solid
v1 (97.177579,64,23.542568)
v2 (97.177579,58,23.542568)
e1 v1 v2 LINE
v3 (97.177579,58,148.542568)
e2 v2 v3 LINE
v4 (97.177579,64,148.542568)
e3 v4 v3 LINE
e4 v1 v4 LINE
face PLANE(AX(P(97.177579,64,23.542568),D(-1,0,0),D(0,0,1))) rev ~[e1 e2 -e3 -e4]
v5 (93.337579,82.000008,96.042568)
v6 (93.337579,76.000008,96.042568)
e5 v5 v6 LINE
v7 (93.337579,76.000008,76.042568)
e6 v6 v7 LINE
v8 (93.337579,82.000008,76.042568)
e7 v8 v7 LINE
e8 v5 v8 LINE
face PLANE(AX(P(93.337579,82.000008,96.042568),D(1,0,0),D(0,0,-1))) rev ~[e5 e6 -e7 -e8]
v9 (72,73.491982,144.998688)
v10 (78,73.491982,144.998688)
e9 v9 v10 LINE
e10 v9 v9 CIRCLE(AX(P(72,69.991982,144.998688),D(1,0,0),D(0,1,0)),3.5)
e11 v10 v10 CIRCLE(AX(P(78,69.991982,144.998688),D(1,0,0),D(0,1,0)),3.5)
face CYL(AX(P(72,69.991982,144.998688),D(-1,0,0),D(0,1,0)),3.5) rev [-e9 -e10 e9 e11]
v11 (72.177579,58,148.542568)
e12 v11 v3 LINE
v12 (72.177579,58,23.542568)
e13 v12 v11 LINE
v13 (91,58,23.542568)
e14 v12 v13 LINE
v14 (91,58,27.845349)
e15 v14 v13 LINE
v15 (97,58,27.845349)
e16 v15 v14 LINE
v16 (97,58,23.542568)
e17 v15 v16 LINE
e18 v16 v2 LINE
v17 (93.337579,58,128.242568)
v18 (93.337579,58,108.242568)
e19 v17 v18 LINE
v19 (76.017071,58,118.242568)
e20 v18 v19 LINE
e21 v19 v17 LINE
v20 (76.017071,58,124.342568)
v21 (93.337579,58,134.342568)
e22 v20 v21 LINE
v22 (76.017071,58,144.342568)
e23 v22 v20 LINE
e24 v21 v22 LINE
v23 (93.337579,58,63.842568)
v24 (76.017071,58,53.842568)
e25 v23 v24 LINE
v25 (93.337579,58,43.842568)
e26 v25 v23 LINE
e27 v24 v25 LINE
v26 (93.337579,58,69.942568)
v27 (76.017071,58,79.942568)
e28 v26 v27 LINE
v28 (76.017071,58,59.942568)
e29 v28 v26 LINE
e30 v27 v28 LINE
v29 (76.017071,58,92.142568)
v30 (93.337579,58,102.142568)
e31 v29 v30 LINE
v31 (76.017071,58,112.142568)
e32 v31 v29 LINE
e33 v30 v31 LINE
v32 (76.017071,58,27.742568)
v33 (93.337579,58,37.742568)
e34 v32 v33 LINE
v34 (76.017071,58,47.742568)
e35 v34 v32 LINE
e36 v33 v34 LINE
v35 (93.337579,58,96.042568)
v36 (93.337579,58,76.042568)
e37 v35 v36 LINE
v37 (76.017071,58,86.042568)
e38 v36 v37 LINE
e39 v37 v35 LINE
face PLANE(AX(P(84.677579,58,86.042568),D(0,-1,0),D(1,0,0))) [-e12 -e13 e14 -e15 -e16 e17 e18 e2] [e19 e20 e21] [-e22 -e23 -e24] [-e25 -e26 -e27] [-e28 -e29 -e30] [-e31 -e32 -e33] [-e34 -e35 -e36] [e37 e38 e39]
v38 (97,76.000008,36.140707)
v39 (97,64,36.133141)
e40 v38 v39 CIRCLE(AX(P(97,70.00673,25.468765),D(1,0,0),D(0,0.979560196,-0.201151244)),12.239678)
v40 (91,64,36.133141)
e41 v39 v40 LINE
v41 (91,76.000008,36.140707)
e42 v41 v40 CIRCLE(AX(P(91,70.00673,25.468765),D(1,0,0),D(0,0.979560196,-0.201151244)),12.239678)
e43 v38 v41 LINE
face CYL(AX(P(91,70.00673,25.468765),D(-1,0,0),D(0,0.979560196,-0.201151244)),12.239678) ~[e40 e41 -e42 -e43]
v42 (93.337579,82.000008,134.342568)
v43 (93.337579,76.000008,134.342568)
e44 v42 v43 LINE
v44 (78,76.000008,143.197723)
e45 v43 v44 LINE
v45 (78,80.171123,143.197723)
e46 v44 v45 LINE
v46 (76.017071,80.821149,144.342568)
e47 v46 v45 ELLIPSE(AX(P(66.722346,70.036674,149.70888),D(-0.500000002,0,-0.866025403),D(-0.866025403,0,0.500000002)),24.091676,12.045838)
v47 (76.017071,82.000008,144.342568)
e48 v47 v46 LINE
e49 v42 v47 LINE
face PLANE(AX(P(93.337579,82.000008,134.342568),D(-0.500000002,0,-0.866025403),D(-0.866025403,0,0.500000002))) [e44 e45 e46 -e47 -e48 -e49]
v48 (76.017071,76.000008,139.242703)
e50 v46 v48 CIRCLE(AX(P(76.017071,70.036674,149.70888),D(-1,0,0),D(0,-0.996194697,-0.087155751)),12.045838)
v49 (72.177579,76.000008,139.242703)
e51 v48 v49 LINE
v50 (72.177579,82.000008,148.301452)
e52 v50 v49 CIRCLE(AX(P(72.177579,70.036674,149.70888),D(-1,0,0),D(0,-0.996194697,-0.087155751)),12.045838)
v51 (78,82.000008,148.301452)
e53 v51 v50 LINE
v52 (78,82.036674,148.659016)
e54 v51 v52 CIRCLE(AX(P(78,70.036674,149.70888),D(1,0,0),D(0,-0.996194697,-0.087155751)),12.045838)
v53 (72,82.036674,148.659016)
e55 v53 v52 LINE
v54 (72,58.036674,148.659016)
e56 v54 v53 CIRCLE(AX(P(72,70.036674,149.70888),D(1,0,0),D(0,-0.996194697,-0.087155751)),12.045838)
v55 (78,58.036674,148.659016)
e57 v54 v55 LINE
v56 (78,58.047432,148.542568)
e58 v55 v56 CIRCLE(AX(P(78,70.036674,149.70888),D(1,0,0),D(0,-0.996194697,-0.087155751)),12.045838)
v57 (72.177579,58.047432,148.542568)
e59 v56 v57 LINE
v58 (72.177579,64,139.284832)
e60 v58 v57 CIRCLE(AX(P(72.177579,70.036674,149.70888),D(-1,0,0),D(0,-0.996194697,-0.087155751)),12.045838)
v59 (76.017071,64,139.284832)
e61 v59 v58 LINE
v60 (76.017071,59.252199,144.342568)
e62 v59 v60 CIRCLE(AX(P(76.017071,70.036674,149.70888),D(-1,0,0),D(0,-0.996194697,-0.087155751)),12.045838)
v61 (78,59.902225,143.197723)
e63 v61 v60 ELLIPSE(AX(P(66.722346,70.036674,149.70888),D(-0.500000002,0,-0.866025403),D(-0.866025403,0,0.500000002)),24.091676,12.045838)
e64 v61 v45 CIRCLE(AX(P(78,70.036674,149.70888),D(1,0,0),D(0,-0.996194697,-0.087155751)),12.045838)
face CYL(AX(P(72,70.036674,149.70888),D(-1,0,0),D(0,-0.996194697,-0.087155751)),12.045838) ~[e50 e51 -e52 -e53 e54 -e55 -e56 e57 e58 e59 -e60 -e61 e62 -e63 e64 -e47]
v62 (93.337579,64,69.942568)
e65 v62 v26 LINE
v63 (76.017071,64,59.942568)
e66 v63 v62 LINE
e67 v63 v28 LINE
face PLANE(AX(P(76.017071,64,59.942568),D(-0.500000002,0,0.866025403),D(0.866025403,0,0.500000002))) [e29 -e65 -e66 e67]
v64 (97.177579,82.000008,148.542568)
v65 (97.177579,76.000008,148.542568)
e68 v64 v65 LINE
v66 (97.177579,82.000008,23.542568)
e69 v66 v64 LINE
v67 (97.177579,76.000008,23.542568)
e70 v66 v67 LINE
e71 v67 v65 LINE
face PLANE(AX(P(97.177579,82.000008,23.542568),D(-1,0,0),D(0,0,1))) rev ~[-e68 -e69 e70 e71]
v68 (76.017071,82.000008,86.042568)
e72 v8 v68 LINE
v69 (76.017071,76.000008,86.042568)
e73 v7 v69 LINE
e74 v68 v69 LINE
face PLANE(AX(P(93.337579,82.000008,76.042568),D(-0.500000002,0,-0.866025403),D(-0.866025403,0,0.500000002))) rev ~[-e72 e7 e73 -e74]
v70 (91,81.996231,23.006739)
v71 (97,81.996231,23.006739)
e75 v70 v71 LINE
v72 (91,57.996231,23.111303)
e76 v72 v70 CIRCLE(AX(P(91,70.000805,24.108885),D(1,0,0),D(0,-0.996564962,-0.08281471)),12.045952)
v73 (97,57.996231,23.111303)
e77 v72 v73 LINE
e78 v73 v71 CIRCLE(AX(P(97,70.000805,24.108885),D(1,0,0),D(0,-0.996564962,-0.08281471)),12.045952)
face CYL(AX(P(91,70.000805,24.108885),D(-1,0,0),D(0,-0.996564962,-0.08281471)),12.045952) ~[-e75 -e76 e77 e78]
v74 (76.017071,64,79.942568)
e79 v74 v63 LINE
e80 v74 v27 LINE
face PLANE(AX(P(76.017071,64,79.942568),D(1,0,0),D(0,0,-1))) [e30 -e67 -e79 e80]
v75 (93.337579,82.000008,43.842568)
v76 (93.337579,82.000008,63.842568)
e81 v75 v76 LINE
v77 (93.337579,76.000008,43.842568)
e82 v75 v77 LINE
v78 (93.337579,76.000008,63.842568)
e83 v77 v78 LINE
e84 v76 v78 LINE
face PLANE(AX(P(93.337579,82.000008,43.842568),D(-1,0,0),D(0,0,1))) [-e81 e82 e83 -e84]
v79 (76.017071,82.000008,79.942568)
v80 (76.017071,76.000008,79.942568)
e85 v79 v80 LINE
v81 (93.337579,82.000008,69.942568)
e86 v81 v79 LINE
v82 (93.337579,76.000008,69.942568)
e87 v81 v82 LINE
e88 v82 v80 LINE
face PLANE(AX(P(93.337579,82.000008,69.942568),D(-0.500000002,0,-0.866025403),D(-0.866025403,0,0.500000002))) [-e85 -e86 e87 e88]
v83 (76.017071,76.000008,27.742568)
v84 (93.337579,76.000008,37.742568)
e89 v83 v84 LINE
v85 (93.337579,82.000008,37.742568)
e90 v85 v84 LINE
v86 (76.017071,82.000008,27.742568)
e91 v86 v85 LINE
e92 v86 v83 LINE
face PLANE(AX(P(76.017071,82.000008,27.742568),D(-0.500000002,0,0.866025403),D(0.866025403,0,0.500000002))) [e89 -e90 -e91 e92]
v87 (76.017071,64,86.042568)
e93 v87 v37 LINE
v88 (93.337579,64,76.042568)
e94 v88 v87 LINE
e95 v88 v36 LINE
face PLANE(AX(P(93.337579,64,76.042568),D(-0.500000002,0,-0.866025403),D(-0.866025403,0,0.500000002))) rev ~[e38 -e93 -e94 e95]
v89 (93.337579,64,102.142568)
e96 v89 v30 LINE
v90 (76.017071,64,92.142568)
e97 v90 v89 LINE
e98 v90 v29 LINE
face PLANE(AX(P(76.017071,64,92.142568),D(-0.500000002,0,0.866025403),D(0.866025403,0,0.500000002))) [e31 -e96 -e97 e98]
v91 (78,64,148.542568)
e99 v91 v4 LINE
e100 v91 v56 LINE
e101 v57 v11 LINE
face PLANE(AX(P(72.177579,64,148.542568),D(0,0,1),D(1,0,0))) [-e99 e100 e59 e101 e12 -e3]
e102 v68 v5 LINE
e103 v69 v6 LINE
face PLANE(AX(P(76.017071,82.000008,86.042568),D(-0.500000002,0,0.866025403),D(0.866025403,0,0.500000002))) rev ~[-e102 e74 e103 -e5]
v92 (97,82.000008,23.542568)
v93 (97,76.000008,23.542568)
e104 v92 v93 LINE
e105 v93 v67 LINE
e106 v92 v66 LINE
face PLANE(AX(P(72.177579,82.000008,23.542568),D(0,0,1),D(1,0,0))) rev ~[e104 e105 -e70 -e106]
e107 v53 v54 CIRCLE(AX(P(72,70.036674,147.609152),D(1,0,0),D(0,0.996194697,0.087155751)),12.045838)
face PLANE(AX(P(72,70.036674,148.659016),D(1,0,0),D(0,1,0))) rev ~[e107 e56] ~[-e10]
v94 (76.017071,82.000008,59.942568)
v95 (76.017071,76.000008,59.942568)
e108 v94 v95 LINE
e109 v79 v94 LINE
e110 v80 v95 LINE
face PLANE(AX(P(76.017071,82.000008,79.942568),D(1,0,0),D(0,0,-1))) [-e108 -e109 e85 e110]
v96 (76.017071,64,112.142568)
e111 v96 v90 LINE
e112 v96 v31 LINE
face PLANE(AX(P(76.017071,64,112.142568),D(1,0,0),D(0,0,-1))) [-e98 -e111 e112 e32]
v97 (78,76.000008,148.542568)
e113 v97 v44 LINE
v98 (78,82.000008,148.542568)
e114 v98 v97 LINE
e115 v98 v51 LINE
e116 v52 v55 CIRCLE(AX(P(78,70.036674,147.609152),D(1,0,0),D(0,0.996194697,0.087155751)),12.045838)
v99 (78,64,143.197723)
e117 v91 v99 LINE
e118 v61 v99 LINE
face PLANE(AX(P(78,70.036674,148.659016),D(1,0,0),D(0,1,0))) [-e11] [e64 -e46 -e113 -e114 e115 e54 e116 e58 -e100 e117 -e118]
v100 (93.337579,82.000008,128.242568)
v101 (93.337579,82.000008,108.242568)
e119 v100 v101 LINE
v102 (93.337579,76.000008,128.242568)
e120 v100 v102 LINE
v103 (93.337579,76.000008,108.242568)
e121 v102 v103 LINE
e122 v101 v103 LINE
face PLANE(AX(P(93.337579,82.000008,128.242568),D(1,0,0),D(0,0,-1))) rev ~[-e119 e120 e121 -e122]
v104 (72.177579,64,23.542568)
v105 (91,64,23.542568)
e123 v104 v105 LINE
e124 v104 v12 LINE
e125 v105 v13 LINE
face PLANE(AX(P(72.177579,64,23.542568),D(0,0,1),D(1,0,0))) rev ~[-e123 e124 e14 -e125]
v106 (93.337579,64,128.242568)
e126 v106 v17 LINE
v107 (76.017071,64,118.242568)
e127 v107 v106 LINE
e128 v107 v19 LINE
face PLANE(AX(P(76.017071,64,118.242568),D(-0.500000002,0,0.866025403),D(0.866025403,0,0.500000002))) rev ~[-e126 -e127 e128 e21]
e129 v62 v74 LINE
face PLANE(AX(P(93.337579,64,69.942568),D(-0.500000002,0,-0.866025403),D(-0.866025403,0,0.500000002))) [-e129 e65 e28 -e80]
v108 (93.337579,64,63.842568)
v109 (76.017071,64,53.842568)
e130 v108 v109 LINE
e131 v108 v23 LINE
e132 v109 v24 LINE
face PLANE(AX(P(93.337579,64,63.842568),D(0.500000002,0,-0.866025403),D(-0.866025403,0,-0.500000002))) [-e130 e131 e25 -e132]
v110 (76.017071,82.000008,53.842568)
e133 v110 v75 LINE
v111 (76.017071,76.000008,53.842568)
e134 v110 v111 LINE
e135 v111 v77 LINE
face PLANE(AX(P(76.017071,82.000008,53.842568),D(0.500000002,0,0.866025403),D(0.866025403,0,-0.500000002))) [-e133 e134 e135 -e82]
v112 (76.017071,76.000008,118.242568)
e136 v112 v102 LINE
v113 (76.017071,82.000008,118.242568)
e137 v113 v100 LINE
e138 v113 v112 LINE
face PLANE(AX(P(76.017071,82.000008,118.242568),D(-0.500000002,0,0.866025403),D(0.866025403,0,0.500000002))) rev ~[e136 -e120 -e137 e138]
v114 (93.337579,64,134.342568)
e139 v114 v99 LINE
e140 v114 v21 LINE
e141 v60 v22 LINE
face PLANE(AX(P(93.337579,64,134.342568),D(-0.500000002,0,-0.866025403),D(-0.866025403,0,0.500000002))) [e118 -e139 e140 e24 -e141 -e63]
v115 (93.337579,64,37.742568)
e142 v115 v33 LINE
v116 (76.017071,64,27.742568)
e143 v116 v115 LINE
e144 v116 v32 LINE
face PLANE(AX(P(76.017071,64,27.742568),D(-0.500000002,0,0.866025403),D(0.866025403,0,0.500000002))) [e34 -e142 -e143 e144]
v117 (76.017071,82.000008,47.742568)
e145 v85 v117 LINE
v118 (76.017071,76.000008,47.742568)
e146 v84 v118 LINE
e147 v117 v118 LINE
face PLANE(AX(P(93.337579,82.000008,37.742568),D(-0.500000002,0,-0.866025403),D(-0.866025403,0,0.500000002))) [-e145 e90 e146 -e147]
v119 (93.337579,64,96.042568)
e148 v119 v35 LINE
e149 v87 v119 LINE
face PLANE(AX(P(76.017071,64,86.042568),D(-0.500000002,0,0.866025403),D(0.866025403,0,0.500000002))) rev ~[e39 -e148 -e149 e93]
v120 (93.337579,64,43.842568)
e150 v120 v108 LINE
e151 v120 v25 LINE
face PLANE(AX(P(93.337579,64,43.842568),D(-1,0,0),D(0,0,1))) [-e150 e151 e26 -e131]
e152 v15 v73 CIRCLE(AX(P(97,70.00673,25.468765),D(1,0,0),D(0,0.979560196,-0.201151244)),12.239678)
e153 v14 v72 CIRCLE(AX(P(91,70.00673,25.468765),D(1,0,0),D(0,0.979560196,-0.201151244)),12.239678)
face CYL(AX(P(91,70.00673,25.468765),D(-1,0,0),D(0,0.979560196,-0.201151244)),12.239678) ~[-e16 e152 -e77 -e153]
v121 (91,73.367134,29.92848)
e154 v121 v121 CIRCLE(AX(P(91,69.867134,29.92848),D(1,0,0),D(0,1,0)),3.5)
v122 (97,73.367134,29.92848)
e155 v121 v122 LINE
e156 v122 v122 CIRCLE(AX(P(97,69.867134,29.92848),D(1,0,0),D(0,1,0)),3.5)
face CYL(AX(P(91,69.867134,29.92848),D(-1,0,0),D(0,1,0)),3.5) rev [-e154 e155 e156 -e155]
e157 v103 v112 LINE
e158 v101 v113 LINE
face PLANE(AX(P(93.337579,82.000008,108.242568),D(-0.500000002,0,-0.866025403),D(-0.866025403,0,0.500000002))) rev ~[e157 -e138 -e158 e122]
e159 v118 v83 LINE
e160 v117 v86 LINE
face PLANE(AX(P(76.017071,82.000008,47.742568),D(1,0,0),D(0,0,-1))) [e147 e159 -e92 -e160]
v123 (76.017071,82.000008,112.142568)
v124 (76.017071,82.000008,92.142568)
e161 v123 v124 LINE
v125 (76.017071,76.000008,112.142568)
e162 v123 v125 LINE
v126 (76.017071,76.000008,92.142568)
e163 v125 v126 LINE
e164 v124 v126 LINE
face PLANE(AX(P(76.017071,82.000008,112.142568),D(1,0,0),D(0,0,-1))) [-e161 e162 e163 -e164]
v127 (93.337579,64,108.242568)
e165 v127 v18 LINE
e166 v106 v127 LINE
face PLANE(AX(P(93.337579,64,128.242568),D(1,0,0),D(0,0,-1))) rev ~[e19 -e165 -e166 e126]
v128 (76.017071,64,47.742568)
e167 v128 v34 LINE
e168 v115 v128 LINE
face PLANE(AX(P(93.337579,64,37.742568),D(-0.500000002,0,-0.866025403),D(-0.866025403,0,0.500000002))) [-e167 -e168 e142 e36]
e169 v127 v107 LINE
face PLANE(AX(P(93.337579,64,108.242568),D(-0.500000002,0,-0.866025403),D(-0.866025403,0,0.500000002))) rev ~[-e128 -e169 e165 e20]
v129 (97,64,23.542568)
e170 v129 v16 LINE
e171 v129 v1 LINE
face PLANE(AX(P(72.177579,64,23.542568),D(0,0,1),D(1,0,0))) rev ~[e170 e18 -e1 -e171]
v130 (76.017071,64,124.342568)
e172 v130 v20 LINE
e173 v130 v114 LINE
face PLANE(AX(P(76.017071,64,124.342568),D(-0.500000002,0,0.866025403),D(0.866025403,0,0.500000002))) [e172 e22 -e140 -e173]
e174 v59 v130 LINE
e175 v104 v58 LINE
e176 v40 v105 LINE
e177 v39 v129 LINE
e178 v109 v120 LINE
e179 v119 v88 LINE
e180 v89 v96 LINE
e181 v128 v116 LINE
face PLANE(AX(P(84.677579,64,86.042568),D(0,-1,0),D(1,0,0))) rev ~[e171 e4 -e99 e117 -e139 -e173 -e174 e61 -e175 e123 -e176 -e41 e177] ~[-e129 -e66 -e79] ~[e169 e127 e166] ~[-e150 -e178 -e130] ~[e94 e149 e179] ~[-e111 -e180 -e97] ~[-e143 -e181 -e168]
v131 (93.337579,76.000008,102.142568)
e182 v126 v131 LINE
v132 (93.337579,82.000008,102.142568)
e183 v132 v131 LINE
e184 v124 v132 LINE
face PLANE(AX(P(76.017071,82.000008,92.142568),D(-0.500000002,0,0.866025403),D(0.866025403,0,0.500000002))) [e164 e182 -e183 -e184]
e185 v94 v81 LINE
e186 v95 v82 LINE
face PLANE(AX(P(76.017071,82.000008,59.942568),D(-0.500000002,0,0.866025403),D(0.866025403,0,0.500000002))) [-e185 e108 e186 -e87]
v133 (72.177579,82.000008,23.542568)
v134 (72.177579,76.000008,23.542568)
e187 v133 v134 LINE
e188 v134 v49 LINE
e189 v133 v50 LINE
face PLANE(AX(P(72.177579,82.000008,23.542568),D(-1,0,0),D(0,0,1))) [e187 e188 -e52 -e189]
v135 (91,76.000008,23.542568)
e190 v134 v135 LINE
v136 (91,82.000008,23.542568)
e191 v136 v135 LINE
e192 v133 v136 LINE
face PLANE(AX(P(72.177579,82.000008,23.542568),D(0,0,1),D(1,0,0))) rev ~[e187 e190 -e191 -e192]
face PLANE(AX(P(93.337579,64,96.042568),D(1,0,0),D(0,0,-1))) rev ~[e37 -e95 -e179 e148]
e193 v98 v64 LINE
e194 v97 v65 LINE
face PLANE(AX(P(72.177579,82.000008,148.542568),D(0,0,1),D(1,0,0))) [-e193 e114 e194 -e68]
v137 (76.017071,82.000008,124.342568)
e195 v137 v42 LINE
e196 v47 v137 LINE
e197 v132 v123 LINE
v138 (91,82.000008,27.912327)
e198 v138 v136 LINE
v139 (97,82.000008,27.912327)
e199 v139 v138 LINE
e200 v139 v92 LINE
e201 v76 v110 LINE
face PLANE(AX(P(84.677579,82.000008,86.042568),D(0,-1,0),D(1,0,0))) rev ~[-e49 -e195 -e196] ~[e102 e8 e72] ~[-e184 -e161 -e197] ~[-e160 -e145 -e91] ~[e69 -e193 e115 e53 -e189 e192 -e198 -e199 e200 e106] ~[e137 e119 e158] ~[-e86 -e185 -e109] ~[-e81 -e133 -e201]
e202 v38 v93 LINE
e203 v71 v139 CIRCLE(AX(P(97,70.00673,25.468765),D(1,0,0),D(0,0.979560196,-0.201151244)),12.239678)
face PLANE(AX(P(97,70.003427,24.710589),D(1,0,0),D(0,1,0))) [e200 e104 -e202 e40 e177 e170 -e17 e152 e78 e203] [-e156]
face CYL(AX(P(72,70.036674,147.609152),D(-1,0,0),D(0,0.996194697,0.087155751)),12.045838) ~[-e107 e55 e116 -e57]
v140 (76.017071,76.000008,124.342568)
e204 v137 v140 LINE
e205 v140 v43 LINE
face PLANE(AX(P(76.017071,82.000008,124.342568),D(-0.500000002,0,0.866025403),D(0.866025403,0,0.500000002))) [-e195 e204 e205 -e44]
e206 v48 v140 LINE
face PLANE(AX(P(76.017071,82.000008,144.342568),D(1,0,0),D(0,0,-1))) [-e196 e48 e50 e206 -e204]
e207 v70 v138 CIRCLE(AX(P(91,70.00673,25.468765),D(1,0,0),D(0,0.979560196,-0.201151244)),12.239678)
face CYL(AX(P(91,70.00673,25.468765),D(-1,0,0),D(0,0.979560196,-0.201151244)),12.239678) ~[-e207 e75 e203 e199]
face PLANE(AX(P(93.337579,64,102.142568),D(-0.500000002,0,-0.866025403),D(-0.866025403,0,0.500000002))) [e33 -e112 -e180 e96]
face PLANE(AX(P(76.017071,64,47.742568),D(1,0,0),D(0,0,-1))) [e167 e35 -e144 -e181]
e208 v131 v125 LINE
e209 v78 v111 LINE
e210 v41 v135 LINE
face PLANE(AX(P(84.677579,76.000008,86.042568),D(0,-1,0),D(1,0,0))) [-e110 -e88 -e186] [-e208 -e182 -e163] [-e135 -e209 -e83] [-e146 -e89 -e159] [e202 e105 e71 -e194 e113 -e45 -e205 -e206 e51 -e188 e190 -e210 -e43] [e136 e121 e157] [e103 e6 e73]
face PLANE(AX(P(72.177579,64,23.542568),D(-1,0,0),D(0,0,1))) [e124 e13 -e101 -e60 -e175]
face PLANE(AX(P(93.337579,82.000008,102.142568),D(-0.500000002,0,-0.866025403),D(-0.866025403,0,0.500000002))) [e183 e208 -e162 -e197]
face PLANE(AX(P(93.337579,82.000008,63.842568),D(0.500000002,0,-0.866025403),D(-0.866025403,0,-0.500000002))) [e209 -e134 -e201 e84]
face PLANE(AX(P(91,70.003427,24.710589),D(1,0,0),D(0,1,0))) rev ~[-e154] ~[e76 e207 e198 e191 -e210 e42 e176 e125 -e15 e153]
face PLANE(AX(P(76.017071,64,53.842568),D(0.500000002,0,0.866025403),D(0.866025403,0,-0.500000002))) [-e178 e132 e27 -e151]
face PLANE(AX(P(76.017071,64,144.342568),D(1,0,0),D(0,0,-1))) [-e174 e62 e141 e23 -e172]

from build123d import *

# Parameters (mm, degrees)
SKETCH019_R      = 3.5
EXTRUDE018_DEPTH = 6
SKETCH018_W      = 25
SKETCH018_H      = 125
EXTRUDE017_DEPTH = 6
SKETCH020_R      = 3.5
EXTRUDE019_DEPTH = 6


with BuildPart() as union_parte_arriba:
    # Sketch019 → Extrude018 (new body)
    with BuildSketch(Plane.YZ):
        with BuildLine():
            ThreePointArc((82.036674, 148.659016), (70.036674, 159.65499), (58.036674, 148.659016))
            ThreePointArc((58.036674, 148.659016), (70.036674, 137.663042), (82.036674, 148.659016))
        make_face()
        with Locations((69.991982, 144.998688)):
            Circle(SKETCH019_R, mode=Mode.SUBTRACT)
    extrude(amount=EXTRUDE018_DEPTH)


with BuildPart() as union_parte_arriba_1:
    # Extrude018 placement: moved
    add(union_parte_arriba.part.moved(Location((72, 0, 0))))


with BuildPart() as palo_triangular:
    # Sketch018 → Extrude017 (new body)
    with BuildSketch(Plane.XZ):
        with Locations((84.677579, 86.042568)):
            Rectangle(SKETCH018_W, SKETCH018_H)
        Polygon((76.017071, 47.742568), (76.017071, 27.742568), (93.337579, 37.742568), align=None, mode=Mode.SUBTRACT)
        Polygon((76.017071, 53.842568), (93.337579, 43.842568), (93.337579, 63.842568), align=None, mode=Mode.SUBTRACT)
        Polygon((76.017071, 79.942568), (76.017071, 59.942568), (93.337579, 69.942568), align=None, mode=Mode.SUBTRACT)
        Polygon((76.017071, 112.142568), (76.017071, 92.142568), (93.337579, 102.142568), align=None, mode=Mode.SUBTRACT)
        Polygon((76.017071, 144.342568), (76.017071, 124.342568), (93.337579, 134.342568), align=None, mode=Mode.SUBTRACT)
        Polygon((76.017071, 86.042568), (93.337579, 96.042568), (93.337579, 76.042568), align=None, mode=Mode.SUBTRACT)
        Polygon((76.017071, 118.242568), (93.337579, 128.242568), (93.337579, 108.242568), align=None, mode=Mode.SUBTRACT)
    extrude(amount=EXTRUDE017_DEPTH)


with BuildPart() as palo_triangular_1:
    # Extrude017 placement: moved
    add(palo_triangular.part.moved(Location((0, 64, 0))))


with BuildPart() as palo_triangular001:
    # Link019 base: copy of Palo triangular
    add(palo_triangular_1.part)


with BuildPart() as palo_triangular001_1:
    # Link019 placement: moved
    add(palo_triangular001.part.moved(Location((0, 18.000008, 0))))


with BuildPart() as palito_2_codo_v2:
    # Sketch020 → Extrude019 (new body)
    with BuildSketch(Plane.YZ):
        with BuildLine():
            ThreePointArc((57.996231, 23.111303), (69.948323, 12.063047), (81.996231, 23.006739))
            ThreePointArc((81.996231, 23.006739), (70.060056, 37.708327), (57.996231, 23.111303))
        make_face()
        with Locations((69.867134, 29.92848)):
            Circle(SKETCH020_R, mode=Mode.SUBTRACT)
    extrude(amount=EXTRUDE019_DEPTH)


with BuildPart() as palito_2_codo_v2_1:
    # Extrude019 placement: moved
    add(palito_2_codo_v2.part.moved(Location((91, 0, 0))))

    # Fusion023: union union parte arriba, Palo triangular001, Palo triangular
    add(union_parte_arriba_1.part)
    add(palo_triangular001_1.part)
    add(palo_triangular_1.part)


solid = palito_2_codo_v2_1.part
